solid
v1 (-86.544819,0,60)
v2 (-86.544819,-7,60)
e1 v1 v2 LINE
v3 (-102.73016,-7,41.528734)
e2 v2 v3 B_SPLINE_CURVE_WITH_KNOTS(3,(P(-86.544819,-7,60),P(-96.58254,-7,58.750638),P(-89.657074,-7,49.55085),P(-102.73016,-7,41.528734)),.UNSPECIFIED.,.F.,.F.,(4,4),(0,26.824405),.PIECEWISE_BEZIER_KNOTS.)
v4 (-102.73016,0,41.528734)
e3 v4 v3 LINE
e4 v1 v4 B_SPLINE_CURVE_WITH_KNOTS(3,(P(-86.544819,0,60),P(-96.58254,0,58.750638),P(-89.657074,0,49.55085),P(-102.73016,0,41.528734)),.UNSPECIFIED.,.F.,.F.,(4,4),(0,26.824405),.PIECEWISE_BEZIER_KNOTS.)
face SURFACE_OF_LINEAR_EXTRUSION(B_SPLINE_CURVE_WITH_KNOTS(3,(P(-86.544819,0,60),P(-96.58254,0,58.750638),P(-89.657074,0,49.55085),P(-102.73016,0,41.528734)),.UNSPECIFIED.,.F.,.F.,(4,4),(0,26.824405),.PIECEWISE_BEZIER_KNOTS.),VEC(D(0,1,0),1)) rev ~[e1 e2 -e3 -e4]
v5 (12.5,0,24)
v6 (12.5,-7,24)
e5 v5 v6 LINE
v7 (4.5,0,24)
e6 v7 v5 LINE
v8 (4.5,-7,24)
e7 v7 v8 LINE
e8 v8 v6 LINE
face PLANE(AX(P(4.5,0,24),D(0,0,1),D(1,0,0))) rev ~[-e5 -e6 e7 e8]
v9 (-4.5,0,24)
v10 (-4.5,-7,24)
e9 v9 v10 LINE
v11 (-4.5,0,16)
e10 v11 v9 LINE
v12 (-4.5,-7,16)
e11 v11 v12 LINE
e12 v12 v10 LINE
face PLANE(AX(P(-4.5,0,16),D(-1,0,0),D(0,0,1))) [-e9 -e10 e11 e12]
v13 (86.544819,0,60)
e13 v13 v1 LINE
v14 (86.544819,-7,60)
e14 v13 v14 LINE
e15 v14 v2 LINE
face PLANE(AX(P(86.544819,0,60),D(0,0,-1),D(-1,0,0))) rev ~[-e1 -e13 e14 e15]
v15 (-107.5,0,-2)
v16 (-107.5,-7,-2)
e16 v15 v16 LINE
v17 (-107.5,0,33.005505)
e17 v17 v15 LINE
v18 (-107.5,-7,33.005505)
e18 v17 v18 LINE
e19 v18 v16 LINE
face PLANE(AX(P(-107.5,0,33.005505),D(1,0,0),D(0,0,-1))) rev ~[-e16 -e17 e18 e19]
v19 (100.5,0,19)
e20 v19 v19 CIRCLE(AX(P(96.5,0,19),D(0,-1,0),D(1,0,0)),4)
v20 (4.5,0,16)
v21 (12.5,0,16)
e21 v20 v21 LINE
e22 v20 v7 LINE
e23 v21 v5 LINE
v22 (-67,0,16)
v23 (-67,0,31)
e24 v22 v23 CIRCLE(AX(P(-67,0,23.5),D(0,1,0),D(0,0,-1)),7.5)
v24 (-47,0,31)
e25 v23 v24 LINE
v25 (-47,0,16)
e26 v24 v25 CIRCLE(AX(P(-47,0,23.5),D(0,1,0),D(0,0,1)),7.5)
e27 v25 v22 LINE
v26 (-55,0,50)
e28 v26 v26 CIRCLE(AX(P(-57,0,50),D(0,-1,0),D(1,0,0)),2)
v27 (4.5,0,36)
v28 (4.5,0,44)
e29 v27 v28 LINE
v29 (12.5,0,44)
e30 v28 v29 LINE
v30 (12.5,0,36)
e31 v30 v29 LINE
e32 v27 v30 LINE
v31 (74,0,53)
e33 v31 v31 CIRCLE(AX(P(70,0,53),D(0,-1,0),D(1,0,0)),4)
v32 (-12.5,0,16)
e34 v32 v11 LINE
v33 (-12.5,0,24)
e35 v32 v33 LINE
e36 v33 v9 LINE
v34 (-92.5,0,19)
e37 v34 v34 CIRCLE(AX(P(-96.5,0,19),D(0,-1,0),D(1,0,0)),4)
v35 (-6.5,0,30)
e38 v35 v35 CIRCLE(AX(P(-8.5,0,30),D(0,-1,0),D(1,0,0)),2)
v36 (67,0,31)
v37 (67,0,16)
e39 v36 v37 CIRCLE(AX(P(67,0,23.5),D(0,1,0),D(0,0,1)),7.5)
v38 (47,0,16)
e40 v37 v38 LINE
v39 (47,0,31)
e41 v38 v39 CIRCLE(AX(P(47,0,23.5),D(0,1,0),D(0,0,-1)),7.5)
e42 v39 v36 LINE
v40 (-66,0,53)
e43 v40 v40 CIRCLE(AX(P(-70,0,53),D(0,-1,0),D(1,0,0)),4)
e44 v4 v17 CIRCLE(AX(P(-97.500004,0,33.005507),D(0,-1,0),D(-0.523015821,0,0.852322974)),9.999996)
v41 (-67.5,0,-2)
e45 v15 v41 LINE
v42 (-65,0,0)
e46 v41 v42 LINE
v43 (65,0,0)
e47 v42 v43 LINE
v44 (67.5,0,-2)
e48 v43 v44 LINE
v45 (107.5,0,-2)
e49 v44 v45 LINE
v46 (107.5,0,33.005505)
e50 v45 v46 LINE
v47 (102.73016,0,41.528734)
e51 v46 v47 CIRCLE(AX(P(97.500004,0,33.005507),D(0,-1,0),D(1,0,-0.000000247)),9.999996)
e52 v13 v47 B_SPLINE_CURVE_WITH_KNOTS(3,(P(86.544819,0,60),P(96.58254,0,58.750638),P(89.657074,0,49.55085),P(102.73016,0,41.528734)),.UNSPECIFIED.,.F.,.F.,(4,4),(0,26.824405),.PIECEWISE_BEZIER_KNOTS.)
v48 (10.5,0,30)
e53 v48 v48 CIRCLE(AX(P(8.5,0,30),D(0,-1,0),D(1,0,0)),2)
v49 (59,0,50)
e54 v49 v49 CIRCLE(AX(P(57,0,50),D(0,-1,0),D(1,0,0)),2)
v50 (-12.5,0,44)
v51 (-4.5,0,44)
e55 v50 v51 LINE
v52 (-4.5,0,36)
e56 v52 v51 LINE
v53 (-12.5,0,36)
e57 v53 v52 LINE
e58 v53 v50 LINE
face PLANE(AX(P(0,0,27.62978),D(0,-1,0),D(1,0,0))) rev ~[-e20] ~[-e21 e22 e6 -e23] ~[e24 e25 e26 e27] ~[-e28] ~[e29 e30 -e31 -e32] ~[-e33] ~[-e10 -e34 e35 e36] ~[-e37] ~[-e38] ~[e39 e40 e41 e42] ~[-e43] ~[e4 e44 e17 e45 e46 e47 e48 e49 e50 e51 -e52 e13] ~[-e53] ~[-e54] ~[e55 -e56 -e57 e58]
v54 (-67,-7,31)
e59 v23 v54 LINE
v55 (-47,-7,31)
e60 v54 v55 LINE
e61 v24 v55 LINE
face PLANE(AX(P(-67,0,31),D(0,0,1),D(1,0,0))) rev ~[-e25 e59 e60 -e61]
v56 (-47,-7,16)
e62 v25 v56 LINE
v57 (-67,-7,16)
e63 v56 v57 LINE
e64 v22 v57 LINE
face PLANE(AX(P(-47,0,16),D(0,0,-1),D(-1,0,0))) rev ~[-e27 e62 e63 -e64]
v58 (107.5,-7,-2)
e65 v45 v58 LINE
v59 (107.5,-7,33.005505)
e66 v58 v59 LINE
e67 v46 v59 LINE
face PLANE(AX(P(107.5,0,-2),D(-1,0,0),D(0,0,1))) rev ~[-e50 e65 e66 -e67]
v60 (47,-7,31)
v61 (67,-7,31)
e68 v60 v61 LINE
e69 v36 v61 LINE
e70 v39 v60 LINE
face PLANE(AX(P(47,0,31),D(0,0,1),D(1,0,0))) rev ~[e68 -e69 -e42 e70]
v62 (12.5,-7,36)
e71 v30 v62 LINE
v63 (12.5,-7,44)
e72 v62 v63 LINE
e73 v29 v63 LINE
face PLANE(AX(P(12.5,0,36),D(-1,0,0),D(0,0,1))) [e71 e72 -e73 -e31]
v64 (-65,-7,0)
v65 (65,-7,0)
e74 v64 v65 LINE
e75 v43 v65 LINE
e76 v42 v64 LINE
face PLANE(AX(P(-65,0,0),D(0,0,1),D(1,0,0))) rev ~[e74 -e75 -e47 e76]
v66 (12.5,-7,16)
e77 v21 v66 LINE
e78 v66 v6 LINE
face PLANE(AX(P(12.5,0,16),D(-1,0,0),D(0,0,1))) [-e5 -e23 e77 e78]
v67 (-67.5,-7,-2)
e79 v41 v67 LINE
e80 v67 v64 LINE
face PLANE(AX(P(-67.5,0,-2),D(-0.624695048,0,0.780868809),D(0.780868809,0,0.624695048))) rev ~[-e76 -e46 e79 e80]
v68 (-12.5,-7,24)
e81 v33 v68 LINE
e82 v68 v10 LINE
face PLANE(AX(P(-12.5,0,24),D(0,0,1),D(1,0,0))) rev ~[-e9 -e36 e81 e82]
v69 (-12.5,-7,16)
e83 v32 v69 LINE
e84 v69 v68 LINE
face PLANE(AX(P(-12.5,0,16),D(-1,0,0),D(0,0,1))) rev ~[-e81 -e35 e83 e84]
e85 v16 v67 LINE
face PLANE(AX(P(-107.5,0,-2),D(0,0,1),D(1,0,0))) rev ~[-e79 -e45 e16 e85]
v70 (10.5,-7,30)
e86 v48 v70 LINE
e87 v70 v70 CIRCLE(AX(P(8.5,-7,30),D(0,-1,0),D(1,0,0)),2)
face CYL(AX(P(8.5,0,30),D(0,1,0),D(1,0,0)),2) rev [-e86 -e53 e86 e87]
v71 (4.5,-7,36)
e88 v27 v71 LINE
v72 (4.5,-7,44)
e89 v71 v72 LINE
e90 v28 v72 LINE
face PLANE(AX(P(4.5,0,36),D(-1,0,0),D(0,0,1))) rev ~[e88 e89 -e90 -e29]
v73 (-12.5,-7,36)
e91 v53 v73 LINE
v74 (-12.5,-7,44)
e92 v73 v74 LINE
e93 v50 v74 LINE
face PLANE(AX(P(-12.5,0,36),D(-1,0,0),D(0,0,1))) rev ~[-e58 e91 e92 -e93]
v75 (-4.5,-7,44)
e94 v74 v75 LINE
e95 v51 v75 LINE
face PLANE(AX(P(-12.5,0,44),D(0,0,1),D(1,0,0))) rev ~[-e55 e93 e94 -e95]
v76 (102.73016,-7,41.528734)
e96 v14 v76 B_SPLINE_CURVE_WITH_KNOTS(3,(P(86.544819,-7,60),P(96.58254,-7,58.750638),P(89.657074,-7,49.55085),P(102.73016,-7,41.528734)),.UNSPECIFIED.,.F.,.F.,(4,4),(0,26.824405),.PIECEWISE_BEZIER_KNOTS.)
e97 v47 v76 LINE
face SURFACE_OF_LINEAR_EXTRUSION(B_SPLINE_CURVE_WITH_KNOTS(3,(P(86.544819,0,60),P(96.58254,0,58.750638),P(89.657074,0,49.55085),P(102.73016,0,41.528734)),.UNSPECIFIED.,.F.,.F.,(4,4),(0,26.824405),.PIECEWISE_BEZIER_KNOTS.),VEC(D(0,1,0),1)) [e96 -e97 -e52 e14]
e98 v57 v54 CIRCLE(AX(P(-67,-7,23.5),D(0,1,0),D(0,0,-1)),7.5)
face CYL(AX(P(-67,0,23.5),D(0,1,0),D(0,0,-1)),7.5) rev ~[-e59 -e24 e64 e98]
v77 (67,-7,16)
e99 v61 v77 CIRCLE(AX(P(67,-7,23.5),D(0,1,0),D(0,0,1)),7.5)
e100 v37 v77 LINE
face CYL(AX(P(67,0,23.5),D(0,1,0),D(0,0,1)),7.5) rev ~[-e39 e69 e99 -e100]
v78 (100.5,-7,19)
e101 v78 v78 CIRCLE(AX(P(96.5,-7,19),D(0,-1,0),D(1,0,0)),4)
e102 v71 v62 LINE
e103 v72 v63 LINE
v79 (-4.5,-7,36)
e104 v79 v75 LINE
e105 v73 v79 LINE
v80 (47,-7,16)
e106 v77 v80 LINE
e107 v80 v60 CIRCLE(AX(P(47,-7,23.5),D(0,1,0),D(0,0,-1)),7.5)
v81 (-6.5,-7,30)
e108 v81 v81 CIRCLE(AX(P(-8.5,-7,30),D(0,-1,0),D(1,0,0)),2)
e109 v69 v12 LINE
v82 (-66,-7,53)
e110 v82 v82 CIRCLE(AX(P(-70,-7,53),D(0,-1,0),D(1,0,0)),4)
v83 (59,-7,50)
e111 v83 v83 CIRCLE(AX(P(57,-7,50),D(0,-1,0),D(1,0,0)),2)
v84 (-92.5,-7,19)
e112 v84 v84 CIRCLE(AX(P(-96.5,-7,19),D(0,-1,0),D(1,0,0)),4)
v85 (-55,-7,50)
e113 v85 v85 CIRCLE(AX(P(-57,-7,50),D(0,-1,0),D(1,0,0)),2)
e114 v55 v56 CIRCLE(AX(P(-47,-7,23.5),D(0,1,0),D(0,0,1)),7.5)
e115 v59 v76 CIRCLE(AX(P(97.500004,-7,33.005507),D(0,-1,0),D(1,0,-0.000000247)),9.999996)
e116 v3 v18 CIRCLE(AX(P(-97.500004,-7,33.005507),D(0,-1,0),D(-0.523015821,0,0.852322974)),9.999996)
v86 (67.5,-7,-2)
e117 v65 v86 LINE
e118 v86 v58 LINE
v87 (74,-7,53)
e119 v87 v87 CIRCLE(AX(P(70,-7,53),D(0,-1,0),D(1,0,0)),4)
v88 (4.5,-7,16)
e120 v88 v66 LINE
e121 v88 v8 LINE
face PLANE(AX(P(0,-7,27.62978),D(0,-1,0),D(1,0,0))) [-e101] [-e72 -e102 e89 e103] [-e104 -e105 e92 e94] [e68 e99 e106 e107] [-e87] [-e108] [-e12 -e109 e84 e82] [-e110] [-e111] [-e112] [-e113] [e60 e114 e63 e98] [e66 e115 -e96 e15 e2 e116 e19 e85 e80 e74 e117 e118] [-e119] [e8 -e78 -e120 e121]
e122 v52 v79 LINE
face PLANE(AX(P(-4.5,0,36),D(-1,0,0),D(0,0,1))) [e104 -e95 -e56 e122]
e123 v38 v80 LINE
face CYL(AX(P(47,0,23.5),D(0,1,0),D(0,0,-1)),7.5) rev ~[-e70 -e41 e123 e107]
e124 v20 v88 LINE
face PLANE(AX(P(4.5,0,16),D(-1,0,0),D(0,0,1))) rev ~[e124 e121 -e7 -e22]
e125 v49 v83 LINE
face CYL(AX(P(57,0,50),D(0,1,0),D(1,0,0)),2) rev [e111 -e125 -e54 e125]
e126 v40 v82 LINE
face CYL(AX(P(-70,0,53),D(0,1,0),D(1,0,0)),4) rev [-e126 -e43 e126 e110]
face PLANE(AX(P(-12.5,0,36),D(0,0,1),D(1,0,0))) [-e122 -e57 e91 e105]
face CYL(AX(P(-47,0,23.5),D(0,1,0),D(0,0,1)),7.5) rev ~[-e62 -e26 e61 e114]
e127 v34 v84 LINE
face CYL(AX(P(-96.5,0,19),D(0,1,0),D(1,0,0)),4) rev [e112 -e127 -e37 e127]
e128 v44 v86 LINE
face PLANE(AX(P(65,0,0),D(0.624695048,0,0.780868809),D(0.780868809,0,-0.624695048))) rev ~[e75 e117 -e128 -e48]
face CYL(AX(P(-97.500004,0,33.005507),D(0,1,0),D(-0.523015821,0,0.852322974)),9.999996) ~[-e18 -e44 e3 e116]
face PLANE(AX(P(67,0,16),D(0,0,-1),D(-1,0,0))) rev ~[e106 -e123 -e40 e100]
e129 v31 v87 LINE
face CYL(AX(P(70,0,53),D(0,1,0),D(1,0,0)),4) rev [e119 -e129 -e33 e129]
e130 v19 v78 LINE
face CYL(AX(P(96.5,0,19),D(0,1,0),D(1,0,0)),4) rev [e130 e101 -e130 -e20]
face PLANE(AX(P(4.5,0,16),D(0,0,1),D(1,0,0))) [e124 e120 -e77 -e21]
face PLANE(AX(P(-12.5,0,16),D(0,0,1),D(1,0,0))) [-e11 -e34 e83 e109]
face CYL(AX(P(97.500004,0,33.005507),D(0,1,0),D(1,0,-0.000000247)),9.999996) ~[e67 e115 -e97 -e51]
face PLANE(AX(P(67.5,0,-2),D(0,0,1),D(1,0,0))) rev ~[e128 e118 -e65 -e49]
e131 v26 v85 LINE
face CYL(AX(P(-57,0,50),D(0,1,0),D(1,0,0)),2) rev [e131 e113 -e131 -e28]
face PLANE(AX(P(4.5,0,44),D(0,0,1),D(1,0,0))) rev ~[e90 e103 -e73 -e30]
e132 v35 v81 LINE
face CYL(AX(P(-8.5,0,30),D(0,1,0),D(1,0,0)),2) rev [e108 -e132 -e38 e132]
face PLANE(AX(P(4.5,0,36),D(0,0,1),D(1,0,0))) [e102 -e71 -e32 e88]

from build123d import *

# Parameters (mm, degrees)
F0_R     = 4
F0_W     = 8
F0_H     = 8
F0_R_2   = 2
F1_DEPTH = 7


with BuildPart() as f1:
    # F0 (on Front) → F1 (new body)
    with BuildSketch(Plane.XZ):
        with BuildLine():
            Line((-65, 0), (0, 0))
            Line((0, 0), (65, 0))
            Line((65, 0), (67.5, -2))
            Line((67.5, -2), (107.5, -2))
            Line((107.5, -2), (107.5, 33.005505))
            ThreePointArc((107.5, 33.005505), (106.226443, 37.88907), (102.73016, 41.528734))
            add(Edge.make_bspline(
                [(86.544819, 60), (96.58254, 58.750638), (89.657074, 49.55085), (102.73016, 41.528734)],
                knots=[0, 0, 0, 0, 26.824405, 26.824405, 26.824405, 26.824405], degree=3))
            Line((86.544819, 60), (0, 60))
            Line((0, 60), (-86.544819, 60))
            add(Edge.make_bspline(
                [(-86.544819, 60), (-96.58254, 58.750638), (-89.657074, 49.55085), (-102.73016, 41.528734)],
                knots=[0, 0, 0, 0, 26.824405, 26.824405, 26.824405, 26.824405], degree=3))
            ThreePointArc((-102.73016, 41.528734), (-106.226443, 37.88907), (-107.5, 33.005505))
            Line((-107.5, 33.005505), (-107.5, -2))
            Line((-107.5, -2), (-67.5, -2))
            Line((-67.5, -2), (-65, 0))
        make_face()
        with Locations((-96.5, 19)):
            Circle(F0_R, mode=Mode.SUBTRACT)
        with BuildLine():
            Line((-67, 31), (-47, 31))
            ThreePointArc((-47, 31), (-39.5, 23.5), (-47, 16))
            Line((-47, 16), (-67, 16))
            ThreePointArc((-67, 16), (-74.5, 23.5), (-67, 31))
        make_face(mode=Mode.SUBTRACT)
        with Locations((-8.5, 20)):
            Rectangle(F0_W, F0_H, mode=Mode.SUBTRACT)
        with Locations((8.5, 20)):
            Rectangle(F0_W, F0_H, mode=Mode.SUBTRACT)
        with Locations((96.5, 19)):
            Circle(F0_R, mode=Mode.SUBTRACT)
        with BuildLine():
            ThreePointArc((47, 16), (39.5, 23.5), (47, 31))
            Line((47, 31), (67, 31))
            ThreePointArc((67, 31), (74.5, 23.5), (67, 16))
            Line((67, 16), (47, 16))
        make_face(mode=Mode.SUBTRACT)
        with Locations((-8.5, 30)):
            Circle(F0_R_2, mode=Mode.SUBTRACT)
        with Locations((-8.5, 40)):
            Rectangle(F0_W, F0_H, mode=Mode.SUBTRACT)
        with Locations((-57, 50)):
            Circle(F0_R_2, mode=Mode.SUBTRACT)
        with Locations((-70, 53)):
            Circle(F0_R, mode=Mode.SUBTRACT)
        with Locations((8.5, 30)):
            Circle(F0_R_2, mode=Mode.SUBTRACT)
        with Locations((8.5, 40)):
            Rectangle(F0_W, F0_H, mode=Mode.SUBTRACT)
        with Locations((57, 50)):
            Circle(F0_R_2, mode=Mode.SUBTRACT)
        with Locations((70, 53)):
            Circle(F0_R, mode=Mode.SUBTRACT)
    extrude(amount=F1_DEPTH)


solid = f1.part
